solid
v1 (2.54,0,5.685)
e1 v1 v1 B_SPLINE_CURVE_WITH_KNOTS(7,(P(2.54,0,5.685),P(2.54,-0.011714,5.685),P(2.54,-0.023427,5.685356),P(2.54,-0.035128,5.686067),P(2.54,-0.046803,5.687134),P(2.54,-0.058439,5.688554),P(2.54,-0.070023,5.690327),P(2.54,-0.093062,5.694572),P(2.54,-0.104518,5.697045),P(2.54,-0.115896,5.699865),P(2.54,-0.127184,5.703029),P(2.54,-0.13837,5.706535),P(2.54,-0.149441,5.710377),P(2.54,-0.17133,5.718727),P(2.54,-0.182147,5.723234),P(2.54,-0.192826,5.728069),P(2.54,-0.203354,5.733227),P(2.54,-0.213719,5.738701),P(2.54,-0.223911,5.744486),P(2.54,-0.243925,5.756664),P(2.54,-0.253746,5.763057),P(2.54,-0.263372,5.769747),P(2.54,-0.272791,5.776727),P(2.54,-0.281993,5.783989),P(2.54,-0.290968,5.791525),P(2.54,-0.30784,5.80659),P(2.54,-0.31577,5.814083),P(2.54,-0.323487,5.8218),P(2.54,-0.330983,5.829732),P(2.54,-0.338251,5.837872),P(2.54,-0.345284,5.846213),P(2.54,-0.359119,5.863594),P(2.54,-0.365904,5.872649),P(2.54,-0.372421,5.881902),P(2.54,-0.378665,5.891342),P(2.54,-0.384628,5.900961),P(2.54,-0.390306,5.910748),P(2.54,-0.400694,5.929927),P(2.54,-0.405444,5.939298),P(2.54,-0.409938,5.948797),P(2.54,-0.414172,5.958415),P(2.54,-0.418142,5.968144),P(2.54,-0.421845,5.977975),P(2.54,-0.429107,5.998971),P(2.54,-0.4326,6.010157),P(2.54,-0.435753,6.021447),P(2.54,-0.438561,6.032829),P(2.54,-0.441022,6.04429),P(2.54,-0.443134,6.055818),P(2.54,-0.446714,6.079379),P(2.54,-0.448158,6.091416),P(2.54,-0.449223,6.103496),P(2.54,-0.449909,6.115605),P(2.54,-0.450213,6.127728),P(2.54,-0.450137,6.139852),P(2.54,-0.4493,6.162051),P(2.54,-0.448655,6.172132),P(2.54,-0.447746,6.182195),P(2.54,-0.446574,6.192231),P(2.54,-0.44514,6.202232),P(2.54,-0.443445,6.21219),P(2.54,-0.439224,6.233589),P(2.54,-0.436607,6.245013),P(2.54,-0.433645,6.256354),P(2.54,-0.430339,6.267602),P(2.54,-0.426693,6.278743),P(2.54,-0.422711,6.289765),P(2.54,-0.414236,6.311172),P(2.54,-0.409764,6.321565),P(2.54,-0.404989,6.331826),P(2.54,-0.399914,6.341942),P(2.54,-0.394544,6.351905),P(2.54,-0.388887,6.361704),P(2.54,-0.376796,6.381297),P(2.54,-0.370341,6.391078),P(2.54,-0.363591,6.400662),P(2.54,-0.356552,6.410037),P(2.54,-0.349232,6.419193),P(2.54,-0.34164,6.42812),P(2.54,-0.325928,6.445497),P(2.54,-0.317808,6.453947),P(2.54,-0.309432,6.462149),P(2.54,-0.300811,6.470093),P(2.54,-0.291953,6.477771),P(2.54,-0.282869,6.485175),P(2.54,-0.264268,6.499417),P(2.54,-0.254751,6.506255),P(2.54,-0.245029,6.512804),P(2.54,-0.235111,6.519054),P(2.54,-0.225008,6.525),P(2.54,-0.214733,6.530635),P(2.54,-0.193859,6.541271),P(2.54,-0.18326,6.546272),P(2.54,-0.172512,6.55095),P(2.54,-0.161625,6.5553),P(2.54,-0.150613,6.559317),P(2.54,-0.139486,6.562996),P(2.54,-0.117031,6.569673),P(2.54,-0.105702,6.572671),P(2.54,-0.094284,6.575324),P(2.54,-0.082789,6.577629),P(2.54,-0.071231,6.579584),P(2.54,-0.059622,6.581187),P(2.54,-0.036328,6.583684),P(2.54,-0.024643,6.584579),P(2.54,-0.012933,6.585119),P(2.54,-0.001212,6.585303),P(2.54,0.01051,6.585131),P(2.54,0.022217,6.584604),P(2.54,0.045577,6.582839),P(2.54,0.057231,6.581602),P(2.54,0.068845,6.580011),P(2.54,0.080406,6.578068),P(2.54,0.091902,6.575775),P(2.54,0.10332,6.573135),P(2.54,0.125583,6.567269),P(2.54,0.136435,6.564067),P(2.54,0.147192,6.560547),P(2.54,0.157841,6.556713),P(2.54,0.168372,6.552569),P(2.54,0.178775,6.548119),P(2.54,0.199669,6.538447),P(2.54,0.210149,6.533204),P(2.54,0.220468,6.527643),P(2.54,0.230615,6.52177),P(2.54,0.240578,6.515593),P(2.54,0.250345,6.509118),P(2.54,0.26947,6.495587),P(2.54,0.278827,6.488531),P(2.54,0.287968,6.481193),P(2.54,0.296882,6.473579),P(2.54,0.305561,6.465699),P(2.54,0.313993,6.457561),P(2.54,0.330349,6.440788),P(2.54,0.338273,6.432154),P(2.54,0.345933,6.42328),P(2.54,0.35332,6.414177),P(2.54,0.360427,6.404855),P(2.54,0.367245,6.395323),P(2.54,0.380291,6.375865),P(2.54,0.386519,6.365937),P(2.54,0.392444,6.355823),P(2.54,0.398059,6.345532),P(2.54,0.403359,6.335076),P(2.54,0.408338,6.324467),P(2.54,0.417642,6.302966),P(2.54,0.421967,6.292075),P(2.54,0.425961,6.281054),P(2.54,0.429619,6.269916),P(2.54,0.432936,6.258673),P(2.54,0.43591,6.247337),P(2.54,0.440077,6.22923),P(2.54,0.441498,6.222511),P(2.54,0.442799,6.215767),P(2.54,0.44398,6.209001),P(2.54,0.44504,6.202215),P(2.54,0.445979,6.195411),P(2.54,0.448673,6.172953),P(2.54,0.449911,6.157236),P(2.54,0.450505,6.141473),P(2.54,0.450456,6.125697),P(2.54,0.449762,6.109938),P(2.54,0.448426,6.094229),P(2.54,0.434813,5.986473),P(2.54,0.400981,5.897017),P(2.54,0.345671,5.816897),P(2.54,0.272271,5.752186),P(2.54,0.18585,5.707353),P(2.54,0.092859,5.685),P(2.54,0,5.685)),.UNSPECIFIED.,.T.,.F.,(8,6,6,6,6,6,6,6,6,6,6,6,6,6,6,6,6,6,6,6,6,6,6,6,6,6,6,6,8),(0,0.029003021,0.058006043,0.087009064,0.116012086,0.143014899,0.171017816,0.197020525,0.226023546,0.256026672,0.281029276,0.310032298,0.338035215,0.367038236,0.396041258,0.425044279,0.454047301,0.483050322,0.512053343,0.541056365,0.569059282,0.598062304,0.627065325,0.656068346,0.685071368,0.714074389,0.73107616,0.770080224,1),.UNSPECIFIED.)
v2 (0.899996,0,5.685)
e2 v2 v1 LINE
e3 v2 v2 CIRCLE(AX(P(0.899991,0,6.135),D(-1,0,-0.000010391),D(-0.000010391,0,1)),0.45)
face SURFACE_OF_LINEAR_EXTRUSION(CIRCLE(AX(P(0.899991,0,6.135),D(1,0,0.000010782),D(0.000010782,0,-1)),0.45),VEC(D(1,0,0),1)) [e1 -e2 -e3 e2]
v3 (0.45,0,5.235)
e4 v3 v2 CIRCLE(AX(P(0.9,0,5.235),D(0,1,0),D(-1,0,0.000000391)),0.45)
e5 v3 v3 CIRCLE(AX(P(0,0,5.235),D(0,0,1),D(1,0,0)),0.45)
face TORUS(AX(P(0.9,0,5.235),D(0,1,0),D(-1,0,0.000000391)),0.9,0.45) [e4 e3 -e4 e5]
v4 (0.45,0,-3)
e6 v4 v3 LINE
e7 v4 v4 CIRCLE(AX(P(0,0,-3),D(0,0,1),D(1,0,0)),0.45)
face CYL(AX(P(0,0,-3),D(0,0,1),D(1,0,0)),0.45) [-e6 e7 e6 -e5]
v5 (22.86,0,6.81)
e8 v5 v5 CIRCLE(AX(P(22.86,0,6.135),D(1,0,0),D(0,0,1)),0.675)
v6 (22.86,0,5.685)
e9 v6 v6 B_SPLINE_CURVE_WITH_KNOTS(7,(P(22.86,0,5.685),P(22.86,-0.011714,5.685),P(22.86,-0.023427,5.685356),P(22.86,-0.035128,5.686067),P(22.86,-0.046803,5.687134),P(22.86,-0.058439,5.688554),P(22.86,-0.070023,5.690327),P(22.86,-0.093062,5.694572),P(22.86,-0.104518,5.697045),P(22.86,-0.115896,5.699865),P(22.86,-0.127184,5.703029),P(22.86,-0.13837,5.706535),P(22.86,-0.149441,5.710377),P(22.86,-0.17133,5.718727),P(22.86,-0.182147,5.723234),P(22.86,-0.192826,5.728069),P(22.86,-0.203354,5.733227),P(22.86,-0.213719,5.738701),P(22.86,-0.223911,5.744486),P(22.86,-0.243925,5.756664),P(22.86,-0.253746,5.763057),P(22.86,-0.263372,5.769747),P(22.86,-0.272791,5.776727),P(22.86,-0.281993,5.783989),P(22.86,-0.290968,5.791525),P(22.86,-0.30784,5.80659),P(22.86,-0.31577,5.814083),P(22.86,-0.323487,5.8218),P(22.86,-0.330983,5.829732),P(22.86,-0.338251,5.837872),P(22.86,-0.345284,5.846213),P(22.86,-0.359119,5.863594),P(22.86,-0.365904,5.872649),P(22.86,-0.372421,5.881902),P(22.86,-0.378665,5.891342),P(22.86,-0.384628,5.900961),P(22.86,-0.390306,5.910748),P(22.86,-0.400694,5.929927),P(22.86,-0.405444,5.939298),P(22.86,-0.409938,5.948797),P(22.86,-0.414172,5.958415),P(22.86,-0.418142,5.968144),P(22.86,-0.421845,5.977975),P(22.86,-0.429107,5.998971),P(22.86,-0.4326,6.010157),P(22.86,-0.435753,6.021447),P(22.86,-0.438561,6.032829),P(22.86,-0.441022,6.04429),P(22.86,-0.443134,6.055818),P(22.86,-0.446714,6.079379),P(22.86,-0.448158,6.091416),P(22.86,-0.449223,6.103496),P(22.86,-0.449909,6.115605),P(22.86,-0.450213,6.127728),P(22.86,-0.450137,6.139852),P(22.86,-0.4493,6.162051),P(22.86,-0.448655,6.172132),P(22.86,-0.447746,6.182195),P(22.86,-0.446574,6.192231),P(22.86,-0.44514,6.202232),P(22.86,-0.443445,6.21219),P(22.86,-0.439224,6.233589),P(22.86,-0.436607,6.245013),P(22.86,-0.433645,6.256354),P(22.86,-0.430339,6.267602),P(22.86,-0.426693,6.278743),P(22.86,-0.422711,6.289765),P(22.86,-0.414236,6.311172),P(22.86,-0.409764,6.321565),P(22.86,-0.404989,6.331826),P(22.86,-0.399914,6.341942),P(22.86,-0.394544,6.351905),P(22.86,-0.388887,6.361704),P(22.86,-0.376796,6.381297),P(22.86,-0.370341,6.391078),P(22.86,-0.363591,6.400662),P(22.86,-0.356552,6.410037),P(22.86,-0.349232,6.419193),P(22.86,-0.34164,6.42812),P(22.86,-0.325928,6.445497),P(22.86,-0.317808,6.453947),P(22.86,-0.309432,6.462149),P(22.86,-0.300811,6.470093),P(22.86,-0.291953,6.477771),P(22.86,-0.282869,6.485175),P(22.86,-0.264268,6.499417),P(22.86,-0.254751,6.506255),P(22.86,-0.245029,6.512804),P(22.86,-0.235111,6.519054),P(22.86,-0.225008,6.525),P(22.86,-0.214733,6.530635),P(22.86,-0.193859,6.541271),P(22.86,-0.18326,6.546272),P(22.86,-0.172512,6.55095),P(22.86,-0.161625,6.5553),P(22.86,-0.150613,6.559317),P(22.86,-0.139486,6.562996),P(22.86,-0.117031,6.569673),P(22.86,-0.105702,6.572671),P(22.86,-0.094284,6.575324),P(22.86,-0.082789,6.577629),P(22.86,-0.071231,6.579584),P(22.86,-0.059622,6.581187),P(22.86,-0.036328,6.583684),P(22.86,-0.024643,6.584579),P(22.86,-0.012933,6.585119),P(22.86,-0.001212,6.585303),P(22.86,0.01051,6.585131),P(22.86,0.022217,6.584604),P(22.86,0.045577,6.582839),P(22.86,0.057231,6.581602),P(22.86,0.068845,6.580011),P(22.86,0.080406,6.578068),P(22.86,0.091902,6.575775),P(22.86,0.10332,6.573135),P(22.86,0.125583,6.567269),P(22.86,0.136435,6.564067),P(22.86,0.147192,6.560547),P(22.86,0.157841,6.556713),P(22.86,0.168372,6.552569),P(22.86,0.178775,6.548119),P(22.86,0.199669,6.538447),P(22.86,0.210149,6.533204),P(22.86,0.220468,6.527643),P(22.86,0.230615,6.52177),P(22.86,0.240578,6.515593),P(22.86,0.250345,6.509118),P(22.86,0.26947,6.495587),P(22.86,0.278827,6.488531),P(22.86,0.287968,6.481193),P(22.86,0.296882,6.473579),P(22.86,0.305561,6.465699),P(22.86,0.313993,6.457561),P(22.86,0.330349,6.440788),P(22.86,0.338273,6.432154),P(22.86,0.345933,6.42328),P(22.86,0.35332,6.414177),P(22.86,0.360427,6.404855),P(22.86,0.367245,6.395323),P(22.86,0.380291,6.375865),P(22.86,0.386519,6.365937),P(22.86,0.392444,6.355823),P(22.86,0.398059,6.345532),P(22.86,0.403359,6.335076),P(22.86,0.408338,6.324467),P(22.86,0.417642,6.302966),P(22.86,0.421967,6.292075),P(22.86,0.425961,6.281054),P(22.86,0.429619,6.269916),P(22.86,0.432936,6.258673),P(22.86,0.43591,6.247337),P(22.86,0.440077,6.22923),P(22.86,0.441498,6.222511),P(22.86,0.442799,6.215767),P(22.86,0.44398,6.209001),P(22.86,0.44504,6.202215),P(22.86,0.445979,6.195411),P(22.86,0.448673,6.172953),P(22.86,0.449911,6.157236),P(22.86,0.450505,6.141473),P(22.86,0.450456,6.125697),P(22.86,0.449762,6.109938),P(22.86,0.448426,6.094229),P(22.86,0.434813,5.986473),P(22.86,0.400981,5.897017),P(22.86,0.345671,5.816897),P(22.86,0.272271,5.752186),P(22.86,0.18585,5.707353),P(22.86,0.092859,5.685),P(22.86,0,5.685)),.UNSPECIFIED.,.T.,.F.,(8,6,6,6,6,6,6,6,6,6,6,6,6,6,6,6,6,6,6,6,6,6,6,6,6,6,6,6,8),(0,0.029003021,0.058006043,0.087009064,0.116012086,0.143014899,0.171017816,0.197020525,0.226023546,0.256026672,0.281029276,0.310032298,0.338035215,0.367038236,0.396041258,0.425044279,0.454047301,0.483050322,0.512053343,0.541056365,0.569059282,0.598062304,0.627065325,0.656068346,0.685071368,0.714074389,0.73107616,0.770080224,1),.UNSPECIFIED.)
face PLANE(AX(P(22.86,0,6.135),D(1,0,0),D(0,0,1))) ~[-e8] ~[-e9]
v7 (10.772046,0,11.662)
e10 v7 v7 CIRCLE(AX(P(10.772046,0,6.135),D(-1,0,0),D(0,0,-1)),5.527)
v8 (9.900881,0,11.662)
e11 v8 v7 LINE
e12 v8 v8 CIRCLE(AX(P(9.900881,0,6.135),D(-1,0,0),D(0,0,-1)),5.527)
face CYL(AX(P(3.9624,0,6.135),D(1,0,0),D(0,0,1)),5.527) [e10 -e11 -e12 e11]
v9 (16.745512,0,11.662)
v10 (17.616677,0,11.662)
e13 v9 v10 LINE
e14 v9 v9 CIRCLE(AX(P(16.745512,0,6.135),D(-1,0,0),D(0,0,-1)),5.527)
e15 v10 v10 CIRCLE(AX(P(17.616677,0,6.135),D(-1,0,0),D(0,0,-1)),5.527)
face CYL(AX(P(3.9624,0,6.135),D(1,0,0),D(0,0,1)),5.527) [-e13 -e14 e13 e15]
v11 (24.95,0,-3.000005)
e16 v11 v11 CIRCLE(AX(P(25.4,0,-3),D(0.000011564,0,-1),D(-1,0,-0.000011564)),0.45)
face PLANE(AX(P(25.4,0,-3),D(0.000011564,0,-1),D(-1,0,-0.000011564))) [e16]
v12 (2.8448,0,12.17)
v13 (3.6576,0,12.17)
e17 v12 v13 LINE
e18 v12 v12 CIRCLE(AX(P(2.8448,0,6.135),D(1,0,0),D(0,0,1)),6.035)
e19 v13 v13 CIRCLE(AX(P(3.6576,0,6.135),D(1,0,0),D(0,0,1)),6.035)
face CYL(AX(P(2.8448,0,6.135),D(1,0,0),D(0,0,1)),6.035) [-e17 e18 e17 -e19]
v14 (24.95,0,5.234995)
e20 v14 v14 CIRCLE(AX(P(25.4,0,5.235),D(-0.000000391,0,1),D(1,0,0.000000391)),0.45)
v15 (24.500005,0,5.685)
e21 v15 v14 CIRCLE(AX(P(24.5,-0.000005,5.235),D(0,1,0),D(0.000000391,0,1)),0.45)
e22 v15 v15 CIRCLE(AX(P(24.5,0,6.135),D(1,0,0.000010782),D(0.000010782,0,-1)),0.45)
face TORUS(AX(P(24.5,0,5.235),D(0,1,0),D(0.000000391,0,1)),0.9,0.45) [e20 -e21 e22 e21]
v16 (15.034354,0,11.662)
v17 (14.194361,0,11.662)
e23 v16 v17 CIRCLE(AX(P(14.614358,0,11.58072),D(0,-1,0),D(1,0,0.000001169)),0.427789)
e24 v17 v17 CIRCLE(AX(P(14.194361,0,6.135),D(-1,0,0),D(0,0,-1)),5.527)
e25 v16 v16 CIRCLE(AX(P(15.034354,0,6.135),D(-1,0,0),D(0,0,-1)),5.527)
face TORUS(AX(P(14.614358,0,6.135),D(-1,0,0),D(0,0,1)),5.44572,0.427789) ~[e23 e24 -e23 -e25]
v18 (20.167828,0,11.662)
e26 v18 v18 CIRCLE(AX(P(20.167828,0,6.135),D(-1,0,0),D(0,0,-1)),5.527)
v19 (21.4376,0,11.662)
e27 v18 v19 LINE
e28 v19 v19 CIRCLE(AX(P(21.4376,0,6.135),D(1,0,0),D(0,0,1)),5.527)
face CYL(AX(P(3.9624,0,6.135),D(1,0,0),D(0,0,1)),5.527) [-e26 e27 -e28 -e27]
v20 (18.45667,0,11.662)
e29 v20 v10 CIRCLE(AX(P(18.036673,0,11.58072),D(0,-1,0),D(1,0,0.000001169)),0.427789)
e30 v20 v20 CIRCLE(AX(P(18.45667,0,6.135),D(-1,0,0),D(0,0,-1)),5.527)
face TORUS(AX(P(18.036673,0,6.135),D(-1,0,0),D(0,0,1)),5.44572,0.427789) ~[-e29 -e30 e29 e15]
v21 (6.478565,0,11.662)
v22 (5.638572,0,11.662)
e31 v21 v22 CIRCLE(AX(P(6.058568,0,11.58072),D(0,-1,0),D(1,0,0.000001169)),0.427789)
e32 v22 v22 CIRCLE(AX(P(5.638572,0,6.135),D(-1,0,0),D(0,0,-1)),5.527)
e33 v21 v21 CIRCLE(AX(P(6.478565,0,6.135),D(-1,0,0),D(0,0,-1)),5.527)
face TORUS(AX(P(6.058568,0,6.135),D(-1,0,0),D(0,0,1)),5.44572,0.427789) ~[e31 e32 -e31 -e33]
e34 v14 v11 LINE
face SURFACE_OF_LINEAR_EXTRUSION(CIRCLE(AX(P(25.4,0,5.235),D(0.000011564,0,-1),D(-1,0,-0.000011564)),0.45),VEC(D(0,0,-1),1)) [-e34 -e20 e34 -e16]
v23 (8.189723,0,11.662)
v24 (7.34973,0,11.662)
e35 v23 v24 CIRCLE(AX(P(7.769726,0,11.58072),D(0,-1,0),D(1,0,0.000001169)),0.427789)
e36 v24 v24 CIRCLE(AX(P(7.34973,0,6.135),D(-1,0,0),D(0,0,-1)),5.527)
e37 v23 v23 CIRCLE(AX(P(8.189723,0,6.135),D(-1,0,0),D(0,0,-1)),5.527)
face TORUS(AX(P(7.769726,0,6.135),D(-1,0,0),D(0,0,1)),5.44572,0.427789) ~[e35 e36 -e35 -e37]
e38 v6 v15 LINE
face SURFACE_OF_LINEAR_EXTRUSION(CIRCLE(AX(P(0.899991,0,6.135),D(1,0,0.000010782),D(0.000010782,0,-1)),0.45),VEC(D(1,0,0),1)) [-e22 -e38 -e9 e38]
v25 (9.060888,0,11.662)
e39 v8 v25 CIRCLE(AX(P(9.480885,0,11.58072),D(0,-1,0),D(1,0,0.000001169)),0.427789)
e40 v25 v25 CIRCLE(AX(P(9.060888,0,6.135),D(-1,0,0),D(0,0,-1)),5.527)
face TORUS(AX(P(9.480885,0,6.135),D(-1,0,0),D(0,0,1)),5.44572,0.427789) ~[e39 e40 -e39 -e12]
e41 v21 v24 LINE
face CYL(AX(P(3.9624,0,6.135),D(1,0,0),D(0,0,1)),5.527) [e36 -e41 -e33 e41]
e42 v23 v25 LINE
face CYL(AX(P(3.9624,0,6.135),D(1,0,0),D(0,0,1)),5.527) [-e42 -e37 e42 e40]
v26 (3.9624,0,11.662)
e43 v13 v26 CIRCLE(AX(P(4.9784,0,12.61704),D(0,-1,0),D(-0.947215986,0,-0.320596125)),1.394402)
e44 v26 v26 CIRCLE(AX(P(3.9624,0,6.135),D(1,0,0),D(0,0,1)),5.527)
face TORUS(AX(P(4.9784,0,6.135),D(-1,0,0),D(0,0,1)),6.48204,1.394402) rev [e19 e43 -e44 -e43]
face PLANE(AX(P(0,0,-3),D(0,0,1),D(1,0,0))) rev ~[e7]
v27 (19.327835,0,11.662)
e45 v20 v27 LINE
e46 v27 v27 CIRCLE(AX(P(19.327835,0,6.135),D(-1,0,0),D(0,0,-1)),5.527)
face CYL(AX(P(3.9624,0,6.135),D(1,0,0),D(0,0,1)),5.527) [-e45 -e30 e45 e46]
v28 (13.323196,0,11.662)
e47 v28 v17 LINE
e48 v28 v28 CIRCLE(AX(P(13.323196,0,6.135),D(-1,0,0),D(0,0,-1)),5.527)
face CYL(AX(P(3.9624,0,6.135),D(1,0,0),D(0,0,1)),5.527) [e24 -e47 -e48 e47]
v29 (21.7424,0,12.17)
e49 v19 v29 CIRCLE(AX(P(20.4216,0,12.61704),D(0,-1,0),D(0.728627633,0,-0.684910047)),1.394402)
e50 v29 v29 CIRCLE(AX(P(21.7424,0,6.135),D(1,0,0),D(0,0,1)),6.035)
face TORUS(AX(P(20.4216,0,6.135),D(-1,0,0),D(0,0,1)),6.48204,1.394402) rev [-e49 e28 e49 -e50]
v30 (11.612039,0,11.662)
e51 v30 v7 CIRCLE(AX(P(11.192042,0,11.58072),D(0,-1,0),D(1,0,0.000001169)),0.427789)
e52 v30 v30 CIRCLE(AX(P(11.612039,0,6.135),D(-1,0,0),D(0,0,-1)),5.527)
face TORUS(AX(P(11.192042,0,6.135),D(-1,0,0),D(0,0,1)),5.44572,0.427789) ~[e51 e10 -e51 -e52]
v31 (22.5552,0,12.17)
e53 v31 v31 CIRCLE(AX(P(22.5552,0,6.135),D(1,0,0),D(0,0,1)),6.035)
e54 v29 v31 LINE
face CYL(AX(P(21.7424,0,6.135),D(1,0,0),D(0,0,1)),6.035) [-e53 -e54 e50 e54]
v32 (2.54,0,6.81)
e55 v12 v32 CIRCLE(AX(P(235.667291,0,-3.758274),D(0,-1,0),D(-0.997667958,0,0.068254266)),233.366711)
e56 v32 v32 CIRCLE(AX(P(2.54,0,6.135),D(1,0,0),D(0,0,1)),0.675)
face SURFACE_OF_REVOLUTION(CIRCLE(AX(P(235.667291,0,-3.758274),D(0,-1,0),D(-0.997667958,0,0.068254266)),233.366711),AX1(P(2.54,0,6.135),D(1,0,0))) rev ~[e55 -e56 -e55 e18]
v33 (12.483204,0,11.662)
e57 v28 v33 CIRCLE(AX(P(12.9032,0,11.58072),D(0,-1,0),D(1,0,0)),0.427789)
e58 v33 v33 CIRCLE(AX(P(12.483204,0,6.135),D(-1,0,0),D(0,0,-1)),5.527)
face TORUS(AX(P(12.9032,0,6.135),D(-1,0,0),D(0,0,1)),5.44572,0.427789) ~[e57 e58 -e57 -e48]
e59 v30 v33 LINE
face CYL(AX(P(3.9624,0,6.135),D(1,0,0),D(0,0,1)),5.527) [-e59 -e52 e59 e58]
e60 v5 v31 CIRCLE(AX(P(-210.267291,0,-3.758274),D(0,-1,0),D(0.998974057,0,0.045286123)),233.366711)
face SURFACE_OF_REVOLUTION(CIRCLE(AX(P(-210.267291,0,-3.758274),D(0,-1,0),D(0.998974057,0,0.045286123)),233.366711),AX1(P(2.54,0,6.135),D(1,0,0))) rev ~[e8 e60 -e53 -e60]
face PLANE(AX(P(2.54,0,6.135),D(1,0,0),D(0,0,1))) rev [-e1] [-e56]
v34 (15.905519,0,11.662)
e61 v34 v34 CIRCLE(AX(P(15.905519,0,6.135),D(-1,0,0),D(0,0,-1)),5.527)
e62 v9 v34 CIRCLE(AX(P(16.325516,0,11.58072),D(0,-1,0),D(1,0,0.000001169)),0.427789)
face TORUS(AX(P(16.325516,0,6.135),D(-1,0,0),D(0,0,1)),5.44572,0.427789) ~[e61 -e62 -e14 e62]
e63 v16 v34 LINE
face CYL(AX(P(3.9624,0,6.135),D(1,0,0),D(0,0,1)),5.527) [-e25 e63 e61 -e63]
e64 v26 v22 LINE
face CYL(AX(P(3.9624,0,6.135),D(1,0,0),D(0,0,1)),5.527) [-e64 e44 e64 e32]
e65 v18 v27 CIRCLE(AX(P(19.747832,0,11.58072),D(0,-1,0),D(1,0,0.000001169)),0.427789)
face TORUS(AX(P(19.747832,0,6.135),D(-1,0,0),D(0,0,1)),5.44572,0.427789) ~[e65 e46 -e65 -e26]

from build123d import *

# Parameters (mm, degrees)
SKETCH_R = 0.45


with BuildPart() as sweep_body:
    # Sweep: sweep along a path in Sketch001
    with BuildLine(Plane.XZ) as sweep_path:
        Line((0, -3), (0, 5.235))
        ThreePointArc((0, 5.235), (0.263601, 5.871393), (0.899991, 6.135))
        Line((0.899991, 6.135), (24.5, 6.135))
        ThreePointArc((24.5, 6.135), (25.136396, 5.871396), (25.4, 5.235))
        Line((25.4, 5.235), (25.4, -3))
    # Sketch → Sweep (sweep)
    with BuildSketch(Plane.XY.offset(-2)):
        Circle(SKETCH_R)
    sweep(path=sweep_path.line)


with BuildPart() as revolution:
    # Sketch002 → Revolution (revolve)
    with BuildSketch(Plane.XZ):
        with BuildLine():
            Line((2.8448, 12.17), (3.6576, 12.17))
            ThreePointArc((3.6576, 12.17), (3.78271, 11.899626), (3.9624, 11.662))
            Line((3.9624, 11.662), (21.4376, 11.662))
            ThreePointArc((21.4376, 11.662), (21.61729, 11.899626), (21.7424, 12.17))
            Line((21.7424, 12.17), (22.5552, 12.17))
            ThreePointArc((22.86, 6.81), (22.723014, 9.490877), (22.5552, 12.17))
            Line((22.86, 6.135), (22.86, 6.81))
            Line((2.54, 6.135), (22.86, 6.135))
            Line((2.54, 6.135), (2.54, 6.81))
            ThreePointArc((2.8448, 12.17), (2.676986, 9.490877), (2.54, 6.81))
        make_face()
    revolve(axis=Axis((2.54, 0, 6.135), (1, 0, 0)))


with BuildPart() as revolution001_mp_cp:
    # Sketch003 → Revolution001 (revolve)
    with BuildSketch(Plane.XZ):
        with BuildLine():
            ThreePointArc((6.486358, 11.58072), (6.058568, 12.008509), (5.630779, 11.58072))
            Line((4.7752, 11.58072), (5.630779, 11.58072))
            Line((4.7752, 11.58072), (4.7752, 10.37372))
            Line((4.7752, 10.37372), (21.0312, 10.37372))
            Line((21.0312, 10.37372), (21.0312, 11.58072))
            Line((20.175621, 11.58072), (21.0312, 11.58072))
            ThreePointArc((20.175621, 11.58072), (19.747832, 12.008509), (19.320042, 11.58072))
            Line((18.464463, 11.58072), (19.320042, 11.58072))
            ThreePointArc((18.464463, 11.58072), (18.036674, 12.008509), (17.608884, 11.58072))
            Line((16.753305, 11.58072), (17.608884, 11.58072))
            ThreePointArc((16.753305, 11.58072), (16.325516, 12.008509), (15.897726, 11.58072))
            Line((15.042147, 11.58072), (15.897726, 11.58072))
            ThreePointArc((15.042147, 11.58072), (14.614358, 12.008509), (14.186568, 11.58072))
            Line((13.330989, 11.58072), (14.186568, 11.58072))
            ThreePointArc((13.330989, 11.58072), (12.9032, 12.008509), (12.475411, 11.58072))
            Line((11.619832, 11.58072), (12.475411, 11.58072))
            ThreePointArc((11.619832, 11.58072), (11.192042, 12.008509), (10.764253, 11.58072))
            Line((9.908674, 11.58072), (10.764253, 11.58072))
            ThreePointArc((9.908674, 11.58072), (9.480884, 12.008509), (9.053095, 11.58072))
            Line((8.197516, 11.58072), (9.053095, 11.58072))
            ThreePointArc((8.197516, 11.58072), (7.769726, 12.008509), (7.341937, 11.58072))
            Line((6.486358, 11.58072), (7.341937, 11.58072))
        make_face()
    revolve(axis=Axis((3.048, 0, 6.135), (1, 0, 0)))

    # Revolution001_mp_cp: union Sweep body, Revolution
    add(sweep_body.part)
    add(revolution.part)


solid = revolution001_mp_cp.part
